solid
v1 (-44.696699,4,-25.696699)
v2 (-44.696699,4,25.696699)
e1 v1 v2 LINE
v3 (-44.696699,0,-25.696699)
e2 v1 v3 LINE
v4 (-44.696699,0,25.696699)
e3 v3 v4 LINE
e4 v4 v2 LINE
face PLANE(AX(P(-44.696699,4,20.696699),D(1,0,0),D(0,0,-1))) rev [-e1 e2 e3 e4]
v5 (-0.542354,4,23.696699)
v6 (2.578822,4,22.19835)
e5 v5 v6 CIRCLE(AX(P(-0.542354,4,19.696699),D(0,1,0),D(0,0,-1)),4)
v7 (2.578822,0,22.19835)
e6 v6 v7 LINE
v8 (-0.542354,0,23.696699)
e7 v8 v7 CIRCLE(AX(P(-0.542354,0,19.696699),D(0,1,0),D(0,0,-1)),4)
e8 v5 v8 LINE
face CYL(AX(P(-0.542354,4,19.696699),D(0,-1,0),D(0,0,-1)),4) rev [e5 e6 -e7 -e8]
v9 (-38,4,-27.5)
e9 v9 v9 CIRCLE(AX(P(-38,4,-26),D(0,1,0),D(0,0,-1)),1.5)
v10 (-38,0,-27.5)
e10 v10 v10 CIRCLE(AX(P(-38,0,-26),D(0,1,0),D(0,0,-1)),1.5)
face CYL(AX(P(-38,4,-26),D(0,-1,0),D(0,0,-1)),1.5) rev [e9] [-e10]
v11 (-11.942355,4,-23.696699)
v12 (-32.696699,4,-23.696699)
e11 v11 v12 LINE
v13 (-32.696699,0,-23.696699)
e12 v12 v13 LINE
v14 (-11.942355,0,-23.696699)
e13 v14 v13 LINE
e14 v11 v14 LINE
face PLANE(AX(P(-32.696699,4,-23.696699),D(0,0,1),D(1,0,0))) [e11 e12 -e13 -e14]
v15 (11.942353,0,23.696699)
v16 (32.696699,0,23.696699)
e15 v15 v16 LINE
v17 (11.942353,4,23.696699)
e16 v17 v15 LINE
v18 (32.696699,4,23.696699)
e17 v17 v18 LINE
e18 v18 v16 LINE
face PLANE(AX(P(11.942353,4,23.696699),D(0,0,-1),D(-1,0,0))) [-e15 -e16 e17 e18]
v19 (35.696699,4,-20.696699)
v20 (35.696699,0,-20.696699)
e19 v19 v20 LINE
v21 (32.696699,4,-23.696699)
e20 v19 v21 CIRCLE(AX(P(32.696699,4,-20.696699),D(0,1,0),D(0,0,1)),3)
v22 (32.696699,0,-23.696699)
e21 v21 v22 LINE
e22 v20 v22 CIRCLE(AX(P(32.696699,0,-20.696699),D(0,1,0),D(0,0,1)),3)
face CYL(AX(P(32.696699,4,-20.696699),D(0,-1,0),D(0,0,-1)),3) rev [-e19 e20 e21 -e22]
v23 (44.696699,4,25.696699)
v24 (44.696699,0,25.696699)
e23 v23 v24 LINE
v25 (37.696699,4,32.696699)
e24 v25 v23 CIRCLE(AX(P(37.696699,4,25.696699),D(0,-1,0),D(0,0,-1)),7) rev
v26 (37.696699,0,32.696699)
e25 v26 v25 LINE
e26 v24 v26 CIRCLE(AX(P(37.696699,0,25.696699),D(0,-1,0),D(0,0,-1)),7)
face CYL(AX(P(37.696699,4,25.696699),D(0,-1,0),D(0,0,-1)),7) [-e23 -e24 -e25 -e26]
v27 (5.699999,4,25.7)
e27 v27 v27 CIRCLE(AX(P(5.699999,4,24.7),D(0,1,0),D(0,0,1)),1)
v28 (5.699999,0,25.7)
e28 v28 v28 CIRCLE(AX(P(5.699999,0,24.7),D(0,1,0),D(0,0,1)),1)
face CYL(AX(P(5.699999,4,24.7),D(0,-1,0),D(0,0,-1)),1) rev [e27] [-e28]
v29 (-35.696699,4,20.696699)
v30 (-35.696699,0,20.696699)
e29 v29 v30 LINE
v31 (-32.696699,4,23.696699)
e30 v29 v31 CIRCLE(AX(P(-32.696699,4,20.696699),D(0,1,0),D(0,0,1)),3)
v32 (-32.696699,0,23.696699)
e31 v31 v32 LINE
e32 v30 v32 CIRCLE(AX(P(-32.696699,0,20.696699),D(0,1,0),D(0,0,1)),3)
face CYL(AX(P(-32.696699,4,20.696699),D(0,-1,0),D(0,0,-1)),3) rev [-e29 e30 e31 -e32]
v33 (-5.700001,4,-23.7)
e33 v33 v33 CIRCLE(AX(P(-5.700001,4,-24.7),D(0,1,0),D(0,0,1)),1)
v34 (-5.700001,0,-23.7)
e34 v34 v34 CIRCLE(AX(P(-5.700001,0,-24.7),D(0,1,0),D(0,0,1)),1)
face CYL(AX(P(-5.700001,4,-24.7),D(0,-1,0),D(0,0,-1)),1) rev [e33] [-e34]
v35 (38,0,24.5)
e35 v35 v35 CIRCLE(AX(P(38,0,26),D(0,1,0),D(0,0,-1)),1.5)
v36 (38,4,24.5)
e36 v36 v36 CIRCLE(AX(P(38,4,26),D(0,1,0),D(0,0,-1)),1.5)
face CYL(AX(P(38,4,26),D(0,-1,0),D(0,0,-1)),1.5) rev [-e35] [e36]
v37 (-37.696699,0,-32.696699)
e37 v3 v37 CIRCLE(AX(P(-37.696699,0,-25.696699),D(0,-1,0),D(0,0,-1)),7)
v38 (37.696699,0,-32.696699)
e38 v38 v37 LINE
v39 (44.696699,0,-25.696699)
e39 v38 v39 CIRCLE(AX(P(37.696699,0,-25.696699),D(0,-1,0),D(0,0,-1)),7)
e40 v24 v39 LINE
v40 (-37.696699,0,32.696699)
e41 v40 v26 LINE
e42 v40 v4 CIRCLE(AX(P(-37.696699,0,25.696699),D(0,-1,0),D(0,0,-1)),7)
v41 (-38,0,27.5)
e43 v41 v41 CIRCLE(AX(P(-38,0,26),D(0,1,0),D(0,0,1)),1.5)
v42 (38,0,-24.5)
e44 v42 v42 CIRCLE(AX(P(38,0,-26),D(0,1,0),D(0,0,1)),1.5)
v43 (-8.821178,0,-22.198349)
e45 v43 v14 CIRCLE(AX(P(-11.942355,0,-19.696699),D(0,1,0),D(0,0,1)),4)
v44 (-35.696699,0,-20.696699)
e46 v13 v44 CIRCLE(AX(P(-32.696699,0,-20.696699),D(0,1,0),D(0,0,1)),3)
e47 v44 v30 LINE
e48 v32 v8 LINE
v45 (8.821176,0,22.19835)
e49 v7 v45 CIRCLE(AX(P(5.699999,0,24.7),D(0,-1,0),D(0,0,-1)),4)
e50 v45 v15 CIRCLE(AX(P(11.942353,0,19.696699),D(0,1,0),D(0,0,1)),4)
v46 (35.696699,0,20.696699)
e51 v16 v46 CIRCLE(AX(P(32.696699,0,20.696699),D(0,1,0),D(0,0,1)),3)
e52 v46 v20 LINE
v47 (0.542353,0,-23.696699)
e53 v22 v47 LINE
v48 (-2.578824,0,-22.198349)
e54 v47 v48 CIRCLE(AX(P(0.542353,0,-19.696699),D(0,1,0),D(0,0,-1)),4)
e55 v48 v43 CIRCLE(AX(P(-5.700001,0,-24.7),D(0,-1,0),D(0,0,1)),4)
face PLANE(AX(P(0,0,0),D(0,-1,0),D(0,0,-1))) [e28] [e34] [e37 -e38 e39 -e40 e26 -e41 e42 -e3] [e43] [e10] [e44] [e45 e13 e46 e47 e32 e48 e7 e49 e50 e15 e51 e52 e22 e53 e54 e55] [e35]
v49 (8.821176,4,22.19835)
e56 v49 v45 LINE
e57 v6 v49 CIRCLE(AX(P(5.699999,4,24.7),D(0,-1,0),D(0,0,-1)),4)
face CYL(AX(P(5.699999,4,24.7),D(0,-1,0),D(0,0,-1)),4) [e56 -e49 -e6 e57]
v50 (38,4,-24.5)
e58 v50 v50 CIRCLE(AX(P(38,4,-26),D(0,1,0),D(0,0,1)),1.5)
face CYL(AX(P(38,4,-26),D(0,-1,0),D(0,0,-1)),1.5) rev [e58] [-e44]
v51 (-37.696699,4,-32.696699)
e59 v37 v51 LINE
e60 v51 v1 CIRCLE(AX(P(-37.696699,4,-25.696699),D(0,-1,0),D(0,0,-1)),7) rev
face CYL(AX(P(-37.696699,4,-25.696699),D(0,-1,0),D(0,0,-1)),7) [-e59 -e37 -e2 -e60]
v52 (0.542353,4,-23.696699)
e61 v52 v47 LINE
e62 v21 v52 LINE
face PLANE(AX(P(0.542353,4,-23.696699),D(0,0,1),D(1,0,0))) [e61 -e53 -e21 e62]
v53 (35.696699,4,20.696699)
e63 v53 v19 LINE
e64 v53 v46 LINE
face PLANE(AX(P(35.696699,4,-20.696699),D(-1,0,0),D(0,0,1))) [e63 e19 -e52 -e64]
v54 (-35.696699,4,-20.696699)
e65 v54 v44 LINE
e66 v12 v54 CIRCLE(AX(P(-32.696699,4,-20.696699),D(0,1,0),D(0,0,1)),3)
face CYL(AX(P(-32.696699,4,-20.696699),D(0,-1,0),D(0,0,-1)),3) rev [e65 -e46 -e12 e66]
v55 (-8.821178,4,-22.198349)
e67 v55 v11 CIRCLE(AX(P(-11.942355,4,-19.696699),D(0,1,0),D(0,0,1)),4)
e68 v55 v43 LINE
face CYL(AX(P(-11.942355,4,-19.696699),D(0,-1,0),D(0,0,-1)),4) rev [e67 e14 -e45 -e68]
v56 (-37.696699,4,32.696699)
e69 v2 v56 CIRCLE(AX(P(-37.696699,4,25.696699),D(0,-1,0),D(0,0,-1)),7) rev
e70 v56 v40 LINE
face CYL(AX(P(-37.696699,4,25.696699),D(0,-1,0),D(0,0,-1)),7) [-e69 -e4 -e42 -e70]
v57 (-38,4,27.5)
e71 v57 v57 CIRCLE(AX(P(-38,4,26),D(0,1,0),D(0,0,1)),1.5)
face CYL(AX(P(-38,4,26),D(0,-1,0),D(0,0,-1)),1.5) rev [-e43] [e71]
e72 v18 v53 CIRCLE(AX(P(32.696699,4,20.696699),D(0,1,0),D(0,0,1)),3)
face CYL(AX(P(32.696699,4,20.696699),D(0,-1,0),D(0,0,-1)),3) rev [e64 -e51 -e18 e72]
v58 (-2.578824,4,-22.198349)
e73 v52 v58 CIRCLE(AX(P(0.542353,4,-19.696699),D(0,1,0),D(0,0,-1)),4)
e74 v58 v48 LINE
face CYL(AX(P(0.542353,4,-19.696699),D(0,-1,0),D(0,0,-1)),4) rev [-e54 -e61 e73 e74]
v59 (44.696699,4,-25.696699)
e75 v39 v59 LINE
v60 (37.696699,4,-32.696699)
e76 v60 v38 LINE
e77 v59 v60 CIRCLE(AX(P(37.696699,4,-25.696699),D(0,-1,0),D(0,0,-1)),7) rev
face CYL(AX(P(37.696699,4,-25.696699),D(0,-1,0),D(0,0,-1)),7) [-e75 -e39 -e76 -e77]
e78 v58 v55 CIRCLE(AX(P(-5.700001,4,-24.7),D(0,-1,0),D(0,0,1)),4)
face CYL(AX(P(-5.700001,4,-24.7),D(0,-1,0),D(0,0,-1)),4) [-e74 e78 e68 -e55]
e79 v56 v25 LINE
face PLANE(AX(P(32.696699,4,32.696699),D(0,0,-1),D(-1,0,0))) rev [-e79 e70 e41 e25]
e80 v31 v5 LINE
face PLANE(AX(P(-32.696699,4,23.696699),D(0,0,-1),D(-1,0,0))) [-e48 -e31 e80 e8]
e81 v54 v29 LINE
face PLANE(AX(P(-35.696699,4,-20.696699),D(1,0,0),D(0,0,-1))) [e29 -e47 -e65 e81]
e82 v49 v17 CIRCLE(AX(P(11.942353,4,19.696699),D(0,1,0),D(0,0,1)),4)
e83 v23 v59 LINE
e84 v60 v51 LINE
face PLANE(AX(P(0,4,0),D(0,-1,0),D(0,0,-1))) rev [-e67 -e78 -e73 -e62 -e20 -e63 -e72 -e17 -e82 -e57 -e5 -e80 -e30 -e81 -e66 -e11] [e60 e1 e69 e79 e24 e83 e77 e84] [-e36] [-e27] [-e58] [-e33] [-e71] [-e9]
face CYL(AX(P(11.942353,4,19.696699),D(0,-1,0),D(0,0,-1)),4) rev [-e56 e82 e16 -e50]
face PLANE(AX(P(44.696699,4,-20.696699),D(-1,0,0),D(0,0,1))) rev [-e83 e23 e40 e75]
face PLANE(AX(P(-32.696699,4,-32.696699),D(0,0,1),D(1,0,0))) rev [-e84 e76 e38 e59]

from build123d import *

# Parameters (mm, degrees)
SKETCH_2_R      = 1.5
SKETCH_2_R_2    = 1
EXTRUDE_1_DEPTH = 4
FILLET_1_R      = 7


with BuildPart() as part:
    # 草圖2 → 填料-伸長1 (new body)
    with BuildSketch(Plane(origin=(0, 0, 0), x_dir=(-1, 0, 0), z_dir=(0, 1, 0))):
        Polygon((32.696699141, -32.696699141), (-32.696699141, -32.696699141), (-44.696699141, -32.696699141), (-44.696699141, -20.696699141), (-44.696699141, 20.696699141), (-44.696699141, 32.696699141), (-32.696699141, 32.696699141), (32.696699141, 32.696699141), (44.696699141, 32.696699141), (44.696699141, 20.696699141), (44.696699141, -20.696699141), (44.696699141, -32.696699141), align=None)
        with Locations((38, 26)):
            Circle(SKETCH_2_R, mode=Mode.SUBTRACT)
        with Locations((38, -26)):
            Circle(SKETCH_2_R, mode=Mode.SUBTRACT)
        with Locations((-38, 26)):
            Circle(SKETCH_2_R, mode=Mode.SUBTRACT)
        with Locations((-38, -26)):
            Circle(SKETCH_2_R, mode=Mode.SUBTRACT)
        with Locations((5.700000775, -24.699999821)):
            Circle(SKETCH_2_R_2, mode=Mode.SUBTRACT)
        with Locations((-5.699999225, 24.700000179)):
            Circle(SKETCH_2_R_2, mode=Mode.SUBTRACT)
        with BuildLine():
            Line((32.696699141, -23.696699141), (11.942354682, -23.696699141))
            ThreePointArc((11.942354682, -23.696699141), (10.211256961, -23.302708109), (8.821177729, -22.198349481))
            ThreePointArc((8.821177729, -22.198349481), (5.700000775, -20.699999821), (2.578823821, -22.198349481))
            ThreePointArc((2.578823821, -22.198349481), (1.188744589, -23.302708109), (-0.542353133, -23.696699141))
            Line((-0.542353133, -23.696699141), (-32.696699141, -23.696699141))
            ThreePointArc((-32.696699141, -23.696699141), (-34.818019485, -22.818019485), (-35.696699141, -20.696699141))
            Line((-35.696699141, -20.696699141), (-35.696699141, 20.696699141))
            ThreePointArc((-35.696699141, 20.696699141), (-34.818019485, 22.818019485), (-32.696699141, 23.696699141))
            Line((-32.696699141, 23.696699141), (-11.942352846, 23.696699141))
            ThreePointArc((-11.942352846, 23.696699141), (-10.211255228, 23.302708159), (-8.821176036, 22.19834966))
            ThreePointArc((-8.821176036, 22.19834966), (-5.699999225, 20.700000179), (-2.578822415, 22.19834966))
            ThreePointArc((-2.578822415, 22.19834966), (-1.188743222, 23.302708159), (0.542354396, 23.696699141))
            Line((0.542354396, 23.696699141), (32.696699141, 23.696699141))
            ThreePointArc((32.696699141, 23.696699141), (34.818019485, 22.818019485), (35.696699141, 20.696699141))
            Line((35.696699141, 20.696699141), (35.696699141, -20.696699141))
            ThreePointArc((35.696699141, -20.696699141), (34.818019485, -22.818019485), (32.696699141, -23.696699141))
        make_face(mode=Mode.SUBTRACT)
    extrude(amount=EXTRUDE_1_DEPTH)

    # 圓角1
    fillet_1_edges = [part.edges().sort_by_distance(p)[0] for p in [
        (44.696699141, 2, -32.696699141),
        (44.696699141, 2, 32.696699141),
        (-44.696699141, 2, 32.696699141),
        (-44.696699141, 2, -32.696699141),
    ]]
    fillet(fillet_1_edges, radius=FILLET_1_R)


solid = part.part
